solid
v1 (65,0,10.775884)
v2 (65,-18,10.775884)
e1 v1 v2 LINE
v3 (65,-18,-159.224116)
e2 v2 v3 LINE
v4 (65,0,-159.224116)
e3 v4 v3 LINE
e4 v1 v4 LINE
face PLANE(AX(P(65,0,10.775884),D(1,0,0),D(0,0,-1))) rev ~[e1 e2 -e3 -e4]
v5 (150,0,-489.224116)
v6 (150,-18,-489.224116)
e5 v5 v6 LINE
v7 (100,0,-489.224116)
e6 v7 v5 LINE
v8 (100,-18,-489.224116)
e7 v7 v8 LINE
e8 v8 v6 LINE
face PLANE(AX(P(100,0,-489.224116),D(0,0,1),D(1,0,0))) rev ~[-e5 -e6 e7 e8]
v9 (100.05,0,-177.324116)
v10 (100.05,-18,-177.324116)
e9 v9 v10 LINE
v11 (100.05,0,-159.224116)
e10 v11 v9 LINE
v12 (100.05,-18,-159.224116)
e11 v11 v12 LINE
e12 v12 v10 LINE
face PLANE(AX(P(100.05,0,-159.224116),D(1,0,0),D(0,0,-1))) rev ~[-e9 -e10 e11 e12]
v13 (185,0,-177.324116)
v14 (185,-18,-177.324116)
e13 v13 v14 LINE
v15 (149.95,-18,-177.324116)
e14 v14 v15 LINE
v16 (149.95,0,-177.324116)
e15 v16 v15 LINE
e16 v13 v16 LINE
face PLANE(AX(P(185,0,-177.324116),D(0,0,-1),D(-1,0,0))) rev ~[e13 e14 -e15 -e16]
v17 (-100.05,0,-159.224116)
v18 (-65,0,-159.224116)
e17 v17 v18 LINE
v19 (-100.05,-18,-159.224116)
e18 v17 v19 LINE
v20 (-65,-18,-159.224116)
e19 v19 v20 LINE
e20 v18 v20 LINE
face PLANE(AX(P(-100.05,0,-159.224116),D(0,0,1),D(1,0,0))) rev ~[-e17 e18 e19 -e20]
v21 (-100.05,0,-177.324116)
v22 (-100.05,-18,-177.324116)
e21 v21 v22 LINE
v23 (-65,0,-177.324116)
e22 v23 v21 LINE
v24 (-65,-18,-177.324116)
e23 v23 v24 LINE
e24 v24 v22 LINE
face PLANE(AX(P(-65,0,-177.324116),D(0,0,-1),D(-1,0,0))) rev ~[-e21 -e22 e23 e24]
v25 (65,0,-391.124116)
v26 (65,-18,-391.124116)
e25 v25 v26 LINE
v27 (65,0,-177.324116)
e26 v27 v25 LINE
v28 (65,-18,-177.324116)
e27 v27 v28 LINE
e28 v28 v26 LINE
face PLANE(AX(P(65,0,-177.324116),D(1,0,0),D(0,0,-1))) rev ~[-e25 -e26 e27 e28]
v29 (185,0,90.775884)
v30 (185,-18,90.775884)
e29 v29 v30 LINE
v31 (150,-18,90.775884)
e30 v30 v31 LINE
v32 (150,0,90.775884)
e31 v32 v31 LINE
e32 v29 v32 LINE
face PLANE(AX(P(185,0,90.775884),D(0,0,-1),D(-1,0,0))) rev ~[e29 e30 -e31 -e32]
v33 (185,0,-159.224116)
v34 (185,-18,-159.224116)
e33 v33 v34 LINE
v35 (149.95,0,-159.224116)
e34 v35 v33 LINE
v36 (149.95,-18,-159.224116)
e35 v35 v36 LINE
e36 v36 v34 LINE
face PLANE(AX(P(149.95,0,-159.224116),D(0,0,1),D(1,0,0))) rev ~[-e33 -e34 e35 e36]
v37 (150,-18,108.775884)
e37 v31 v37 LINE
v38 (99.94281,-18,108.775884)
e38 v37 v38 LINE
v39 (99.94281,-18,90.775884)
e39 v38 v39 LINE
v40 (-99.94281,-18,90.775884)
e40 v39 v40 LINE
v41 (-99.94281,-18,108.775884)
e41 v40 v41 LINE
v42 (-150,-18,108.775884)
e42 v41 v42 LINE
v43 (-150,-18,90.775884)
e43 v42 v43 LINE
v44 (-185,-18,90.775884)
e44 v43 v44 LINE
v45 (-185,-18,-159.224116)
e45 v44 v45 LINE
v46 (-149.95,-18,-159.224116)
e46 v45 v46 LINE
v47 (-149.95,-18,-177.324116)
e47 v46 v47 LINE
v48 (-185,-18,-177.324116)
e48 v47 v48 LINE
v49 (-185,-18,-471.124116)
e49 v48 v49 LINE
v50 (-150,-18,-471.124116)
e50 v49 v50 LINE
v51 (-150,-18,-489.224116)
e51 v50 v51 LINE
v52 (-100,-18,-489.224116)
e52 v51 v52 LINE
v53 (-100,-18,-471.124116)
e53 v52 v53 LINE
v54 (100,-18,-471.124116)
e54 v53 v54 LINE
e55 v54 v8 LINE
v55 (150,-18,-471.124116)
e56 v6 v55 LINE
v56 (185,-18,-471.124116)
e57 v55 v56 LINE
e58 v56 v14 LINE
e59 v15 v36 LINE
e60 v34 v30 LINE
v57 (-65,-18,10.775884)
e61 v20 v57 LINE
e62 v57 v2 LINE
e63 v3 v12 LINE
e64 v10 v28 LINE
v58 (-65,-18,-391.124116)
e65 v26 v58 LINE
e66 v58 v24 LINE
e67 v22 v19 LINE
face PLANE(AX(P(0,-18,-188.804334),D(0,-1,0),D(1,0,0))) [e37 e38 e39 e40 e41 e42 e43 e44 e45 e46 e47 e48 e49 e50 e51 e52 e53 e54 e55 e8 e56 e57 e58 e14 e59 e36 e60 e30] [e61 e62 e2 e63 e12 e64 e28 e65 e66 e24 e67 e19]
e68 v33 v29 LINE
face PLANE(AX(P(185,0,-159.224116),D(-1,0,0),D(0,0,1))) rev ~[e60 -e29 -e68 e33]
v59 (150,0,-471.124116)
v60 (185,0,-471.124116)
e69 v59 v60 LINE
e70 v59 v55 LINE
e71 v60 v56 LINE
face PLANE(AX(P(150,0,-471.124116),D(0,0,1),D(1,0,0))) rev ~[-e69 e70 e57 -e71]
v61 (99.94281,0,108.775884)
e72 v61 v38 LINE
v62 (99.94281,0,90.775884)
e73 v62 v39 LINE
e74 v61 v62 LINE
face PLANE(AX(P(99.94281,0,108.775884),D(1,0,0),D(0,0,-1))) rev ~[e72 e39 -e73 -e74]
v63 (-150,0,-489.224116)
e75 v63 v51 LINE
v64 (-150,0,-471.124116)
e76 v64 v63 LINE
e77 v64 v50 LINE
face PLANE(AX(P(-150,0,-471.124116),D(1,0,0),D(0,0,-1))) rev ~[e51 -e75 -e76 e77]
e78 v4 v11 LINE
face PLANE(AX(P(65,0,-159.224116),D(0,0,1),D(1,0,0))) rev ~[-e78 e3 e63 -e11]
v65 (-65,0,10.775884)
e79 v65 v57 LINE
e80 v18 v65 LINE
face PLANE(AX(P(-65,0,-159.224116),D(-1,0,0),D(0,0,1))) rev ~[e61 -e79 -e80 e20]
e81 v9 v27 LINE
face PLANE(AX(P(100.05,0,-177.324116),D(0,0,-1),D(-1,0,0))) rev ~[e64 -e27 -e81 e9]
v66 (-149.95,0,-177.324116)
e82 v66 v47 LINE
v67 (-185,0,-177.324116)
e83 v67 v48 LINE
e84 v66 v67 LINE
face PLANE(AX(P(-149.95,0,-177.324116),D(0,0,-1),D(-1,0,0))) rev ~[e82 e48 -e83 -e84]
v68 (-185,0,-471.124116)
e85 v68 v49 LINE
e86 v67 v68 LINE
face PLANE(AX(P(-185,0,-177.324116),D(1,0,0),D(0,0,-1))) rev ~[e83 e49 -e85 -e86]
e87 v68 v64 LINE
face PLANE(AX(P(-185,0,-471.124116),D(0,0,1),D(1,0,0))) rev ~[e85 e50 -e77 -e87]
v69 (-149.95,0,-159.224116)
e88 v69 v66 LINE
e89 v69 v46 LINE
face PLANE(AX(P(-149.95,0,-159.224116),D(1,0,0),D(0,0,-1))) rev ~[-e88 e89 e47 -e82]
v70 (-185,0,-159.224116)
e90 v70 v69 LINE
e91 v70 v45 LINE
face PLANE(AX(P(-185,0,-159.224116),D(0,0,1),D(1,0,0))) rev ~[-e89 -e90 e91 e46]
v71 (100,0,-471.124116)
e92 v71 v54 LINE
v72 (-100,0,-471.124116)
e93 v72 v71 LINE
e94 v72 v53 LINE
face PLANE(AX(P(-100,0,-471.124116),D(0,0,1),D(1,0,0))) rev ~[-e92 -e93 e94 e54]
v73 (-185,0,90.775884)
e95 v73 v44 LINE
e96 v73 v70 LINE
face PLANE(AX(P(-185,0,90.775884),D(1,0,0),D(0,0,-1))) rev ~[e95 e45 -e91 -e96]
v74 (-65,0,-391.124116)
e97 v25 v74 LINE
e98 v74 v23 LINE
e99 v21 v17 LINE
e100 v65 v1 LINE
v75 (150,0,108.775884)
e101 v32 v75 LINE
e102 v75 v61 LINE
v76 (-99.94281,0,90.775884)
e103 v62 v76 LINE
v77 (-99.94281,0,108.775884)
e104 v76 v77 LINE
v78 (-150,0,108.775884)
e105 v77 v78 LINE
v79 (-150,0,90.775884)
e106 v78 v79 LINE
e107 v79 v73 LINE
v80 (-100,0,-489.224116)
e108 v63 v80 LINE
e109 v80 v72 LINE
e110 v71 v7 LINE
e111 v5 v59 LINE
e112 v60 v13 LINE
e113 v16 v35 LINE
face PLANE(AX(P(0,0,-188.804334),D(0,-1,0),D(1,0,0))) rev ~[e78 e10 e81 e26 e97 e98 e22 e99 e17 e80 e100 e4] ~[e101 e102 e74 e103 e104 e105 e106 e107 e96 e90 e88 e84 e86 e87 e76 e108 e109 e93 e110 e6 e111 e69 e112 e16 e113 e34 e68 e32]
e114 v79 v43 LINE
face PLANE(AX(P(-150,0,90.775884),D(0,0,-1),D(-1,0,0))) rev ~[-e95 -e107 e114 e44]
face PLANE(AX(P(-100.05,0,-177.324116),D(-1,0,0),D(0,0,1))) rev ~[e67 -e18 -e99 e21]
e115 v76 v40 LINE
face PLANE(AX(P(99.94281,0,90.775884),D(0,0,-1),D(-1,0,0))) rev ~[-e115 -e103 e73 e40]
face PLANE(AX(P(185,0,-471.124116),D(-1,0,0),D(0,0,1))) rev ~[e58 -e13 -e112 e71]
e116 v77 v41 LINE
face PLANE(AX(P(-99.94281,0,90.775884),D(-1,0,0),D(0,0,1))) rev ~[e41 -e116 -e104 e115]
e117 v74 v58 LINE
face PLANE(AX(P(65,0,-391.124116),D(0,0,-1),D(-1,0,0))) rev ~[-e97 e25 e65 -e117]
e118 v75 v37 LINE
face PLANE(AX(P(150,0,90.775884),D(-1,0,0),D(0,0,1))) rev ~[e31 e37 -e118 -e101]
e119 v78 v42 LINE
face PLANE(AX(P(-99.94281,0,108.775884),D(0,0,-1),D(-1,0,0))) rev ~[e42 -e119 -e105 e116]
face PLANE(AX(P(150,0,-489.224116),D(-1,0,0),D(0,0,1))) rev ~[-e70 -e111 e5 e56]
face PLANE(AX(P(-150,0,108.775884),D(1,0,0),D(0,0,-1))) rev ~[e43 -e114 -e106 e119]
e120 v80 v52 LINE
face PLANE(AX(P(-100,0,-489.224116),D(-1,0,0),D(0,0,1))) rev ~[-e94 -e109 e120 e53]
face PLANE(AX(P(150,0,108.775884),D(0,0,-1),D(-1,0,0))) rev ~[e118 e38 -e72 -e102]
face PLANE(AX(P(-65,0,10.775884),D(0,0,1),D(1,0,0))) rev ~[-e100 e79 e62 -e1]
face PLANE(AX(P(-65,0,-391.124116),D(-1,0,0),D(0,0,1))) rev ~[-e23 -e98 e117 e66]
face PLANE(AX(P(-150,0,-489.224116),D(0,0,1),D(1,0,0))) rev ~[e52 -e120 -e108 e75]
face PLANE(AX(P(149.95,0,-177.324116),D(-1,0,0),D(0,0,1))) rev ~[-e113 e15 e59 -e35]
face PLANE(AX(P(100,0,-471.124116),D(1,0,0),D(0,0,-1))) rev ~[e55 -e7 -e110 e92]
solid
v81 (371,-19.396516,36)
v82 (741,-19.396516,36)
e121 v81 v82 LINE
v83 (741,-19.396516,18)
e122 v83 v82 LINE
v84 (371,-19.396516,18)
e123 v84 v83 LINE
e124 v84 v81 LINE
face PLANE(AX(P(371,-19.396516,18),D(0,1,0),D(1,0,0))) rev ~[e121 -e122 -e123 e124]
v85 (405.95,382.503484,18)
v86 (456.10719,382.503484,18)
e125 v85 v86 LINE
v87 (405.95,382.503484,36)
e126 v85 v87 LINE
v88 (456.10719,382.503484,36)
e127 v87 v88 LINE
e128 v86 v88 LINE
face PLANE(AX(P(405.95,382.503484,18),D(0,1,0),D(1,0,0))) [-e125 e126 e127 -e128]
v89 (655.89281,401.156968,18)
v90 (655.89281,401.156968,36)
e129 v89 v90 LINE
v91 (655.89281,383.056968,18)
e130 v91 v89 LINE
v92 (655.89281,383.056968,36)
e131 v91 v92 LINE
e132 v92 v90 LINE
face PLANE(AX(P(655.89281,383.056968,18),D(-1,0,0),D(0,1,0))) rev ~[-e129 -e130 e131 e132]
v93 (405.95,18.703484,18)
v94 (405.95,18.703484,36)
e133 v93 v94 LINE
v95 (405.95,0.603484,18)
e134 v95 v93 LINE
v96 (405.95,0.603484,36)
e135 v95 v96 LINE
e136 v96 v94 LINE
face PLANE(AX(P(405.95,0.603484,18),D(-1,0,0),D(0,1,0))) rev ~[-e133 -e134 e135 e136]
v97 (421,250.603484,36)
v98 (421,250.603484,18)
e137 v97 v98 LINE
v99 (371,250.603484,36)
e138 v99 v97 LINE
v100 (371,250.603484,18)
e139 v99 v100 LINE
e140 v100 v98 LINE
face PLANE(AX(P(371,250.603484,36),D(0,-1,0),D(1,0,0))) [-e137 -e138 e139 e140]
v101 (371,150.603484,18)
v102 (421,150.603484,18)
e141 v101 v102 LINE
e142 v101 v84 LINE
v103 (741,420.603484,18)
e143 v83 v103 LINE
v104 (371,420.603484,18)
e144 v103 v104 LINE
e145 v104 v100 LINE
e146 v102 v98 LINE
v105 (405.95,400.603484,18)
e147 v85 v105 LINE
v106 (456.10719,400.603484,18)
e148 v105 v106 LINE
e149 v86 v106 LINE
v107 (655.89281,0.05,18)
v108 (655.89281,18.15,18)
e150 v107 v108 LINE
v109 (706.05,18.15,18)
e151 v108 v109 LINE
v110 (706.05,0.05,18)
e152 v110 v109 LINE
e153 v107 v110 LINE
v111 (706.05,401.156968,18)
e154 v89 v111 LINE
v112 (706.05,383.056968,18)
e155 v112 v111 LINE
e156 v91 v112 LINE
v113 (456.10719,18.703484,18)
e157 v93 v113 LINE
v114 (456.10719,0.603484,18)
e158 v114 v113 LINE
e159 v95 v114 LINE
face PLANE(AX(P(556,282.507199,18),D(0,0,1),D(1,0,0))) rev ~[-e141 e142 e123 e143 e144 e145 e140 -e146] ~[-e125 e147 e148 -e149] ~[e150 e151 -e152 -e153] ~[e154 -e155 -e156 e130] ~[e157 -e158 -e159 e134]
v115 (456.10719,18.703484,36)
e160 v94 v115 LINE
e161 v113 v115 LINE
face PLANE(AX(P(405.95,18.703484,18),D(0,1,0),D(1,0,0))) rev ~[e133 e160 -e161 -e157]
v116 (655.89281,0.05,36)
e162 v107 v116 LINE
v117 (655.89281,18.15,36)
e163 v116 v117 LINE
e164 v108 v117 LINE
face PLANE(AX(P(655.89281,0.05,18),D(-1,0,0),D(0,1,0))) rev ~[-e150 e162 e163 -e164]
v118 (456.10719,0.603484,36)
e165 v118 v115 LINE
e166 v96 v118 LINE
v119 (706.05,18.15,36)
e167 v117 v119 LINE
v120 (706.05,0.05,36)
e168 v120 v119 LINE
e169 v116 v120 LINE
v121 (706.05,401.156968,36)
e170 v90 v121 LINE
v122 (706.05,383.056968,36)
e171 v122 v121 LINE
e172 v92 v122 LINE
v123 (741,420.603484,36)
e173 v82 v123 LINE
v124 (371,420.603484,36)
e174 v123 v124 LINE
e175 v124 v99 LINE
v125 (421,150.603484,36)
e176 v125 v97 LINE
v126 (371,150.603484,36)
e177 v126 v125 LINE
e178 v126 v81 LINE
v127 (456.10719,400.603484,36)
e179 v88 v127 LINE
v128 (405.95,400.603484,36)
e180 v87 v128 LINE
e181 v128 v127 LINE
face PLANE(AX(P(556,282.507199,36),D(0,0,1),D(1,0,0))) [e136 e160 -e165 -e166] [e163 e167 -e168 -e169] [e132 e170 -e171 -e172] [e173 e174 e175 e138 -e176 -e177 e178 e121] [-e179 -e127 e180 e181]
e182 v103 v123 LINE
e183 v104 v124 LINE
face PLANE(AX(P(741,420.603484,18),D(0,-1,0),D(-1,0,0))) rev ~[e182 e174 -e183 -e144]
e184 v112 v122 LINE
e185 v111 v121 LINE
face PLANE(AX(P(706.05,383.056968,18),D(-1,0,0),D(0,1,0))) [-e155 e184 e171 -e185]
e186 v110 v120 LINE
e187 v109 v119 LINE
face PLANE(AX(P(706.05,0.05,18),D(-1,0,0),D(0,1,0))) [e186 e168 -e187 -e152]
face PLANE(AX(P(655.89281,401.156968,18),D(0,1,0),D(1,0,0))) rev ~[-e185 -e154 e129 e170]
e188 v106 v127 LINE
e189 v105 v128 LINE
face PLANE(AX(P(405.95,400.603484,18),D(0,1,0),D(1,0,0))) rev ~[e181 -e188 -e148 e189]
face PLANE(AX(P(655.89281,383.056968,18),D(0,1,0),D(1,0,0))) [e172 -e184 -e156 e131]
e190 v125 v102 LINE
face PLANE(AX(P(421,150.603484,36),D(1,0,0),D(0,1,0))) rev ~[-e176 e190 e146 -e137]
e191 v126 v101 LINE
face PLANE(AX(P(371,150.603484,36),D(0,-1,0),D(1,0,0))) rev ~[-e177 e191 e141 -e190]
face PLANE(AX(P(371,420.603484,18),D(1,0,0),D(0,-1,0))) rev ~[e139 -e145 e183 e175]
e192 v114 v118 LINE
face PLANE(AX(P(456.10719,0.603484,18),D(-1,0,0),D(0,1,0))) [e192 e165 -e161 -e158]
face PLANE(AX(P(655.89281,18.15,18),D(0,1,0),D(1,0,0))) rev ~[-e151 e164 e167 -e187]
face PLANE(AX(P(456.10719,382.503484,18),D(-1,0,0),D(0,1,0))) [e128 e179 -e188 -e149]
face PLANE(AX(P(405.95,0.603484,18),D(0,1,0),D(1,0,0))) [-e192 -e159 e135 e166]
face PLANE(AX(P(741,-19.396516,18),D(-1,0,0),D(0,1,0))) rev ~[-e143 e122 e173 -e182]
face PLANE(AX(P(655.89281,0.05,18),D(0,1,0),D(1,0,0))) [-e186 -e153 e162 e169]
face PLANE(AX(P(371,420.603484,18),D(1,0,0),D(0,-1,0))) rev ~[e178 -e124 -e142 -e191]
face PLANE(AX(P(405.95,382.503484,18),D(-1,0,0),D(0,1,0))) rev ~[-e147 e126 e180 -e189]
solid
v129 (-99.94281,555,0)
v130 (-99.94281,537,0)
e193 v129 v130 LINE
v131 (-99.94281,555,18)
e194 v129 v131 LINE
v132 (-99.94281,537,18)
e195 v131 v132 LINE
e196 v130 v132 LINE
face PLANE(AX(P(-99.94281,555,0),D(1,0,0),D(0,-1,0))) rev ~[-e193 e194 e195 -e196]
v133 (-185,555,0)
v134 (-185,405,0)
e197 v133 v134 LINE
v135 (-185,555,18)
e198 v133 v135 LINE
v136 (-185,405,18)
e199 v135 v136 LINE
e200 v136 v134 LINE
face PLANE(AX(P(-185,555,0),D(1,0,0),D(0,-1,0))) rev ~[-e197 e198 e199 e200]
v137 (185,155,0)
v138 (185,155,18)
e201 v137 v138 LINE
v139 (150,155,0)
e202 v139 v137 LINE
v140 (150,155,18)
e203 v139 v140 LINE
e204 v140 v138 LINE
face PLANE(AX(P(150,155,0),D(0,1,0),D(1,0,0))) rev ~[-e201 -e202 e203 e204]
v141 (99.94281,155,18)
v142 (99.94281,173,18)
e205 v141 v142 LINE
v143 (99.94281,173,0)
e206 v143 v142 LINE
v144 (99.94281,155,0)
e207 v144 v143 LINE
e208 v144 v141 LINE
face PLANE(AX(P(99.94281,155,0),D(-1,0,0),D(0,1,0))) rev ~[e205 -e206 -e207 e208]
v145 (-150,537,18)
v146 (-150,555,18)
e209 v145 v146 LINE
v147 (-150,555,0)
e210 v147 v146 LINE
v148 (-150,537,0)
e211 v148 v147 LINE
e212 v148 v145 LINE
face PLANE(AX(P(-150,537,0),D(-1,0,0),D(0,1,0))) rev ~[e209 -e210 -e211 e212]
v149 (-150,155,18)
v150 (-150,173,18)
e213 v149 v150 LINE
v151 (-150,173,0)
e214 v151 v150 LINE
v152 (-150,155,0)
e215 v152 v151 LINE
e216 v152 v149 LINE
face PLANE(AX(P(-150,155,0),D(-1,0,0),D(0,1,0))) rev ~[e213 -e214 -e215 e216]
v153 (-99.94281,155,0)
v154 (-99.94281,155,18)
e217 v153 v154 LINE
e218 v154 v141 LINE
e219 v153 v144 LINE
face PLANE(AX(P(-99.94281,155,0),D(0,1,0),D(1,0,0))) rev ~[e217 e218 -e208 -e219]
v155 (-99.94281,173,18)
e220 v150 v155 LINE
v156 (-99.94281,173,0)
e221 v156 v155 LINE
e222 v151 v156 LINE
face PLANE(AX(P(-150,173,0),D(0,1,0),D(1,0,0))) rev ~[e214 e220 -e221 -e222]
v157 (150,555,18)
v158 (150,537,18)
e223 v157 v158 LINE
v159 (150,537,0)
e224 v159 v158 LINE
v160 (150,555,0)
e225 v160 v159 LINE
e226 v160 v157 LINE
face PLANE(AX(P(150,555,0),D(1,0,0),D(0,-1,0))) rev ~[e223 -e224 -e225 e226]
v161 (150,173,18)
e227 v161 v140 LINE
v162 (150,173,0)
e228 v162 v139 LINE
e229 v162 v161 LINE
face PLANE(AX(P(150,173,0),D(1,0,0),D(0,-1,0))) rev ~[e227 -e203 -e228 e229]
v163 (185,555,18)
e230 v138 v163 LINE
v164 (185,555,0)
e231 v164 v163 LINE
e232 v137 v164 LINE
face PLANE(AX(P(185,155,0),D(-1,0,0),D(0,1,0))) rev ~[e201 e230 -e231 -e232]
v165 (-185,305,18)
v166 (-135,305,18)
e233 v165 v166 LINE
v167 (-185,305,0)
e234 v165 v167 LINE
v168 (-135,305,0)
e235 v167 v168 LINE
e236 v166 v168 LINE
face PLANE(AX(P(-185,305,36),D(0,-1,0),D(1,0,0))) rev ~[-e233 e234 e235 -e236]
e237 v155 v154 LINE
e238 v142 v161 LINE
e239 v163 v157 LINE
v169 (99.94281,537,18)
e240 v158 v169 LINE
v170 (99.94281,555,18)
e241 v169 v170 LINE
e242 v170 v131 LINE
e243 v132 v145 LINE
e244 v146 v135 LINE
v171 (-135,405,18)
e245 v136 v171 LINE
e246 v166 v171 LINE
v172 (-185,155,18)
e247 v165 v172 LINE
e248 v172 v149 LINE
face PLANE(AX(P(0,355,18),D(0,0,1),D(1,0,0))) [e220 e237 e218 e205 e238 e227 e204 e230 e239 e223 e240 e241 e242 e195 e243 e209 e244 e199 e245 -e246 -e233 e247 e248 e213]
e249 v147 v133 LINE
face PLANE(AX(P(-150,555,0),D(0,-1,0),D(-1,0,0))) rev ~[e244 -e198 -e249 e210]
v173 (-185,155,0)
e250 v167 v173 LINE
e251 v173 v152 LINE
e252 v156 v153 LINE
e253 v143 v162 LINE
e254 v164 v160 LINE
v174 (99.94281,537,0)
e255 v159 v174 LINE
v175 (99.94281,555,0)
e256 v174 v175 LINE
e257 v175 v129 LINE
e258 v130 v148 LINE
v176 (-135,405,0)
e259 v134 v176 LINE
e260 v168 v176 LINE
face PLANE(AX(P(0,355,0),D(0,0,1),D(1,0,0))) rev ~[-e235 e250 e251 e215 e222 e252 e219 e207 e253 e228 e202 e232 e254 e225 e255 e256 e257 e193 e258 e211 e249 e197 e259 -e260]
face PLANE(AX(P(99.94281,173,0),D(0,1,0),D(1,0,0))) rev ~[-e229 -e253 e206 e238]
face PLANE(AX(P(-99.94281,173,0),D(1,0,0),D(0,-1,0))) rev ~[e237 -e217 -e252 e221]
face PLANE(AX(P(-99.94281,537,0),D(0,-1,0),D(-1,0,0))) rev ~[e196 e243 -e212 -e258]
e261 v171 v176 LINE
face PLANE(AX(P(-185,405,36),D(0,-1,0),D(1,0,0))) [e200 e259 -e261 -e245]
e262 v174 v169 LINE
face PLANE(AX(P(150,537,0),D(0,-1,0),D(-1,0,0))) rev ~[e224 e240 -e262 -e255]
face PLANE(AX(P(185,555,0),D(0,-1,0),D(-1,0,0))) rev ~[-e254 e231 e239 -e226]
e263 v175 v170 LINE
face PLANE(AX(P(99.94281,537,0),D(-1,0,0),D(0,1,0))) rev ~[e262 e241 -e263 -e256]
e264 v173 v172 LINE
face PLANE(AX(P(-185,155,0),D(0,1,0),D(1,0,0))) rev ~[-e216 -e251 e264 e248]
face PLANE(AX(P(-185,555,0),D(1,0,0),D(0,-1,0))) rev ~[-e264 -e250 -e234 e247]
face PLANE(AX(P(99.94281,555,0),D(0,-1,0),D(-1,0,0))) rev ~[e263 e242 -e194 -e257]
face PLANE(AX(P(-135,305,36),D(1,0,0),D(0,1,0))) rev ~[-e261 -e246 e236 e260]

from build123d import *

# Parameters (mm, degrees)
F2_DEPTH = 18
F3_DEPTH = 18
F5_W     = 50.15719
F5_H     = 18.1
F6_DEPTH = 18
F8_W     = 50
F8_H     = 100
F9_DEPTH = 45


with BuildPart() as f2:
    # F1 (on Top) → F2 (new body)
    with BuildSketch(Plane.XY):
        Polygon((-185, 0), (-150, 0), (-150, 18), (-99.94281, 18), (-99.94281, 0), (99.94281, 0), (99.94281, 18), (150, 18), (150, 0), (185, 0), (185, 200), (185, 400), (150, 400), (150, 382), (99.94281, 382), (99.94281, 400), (-99.94281, 400), (-99.94281, 382), (-150, 382), (-150, 400), (-185, 400), (-185, 200), align=None)
    extrude(amount=F2_DEPTH)


with BuildPart() as f3:
    # F0 (on Front) → F3 (new body)
    with BuildSketch(Plane.XZ):
        Polygon((-150, -471.124116), (-150, -489.224116), (-125, -489.224116), (-100, -489.224116), (-100, -471.124116), (-65, -471.124116), (0, -471.124116), (65, -471.124116), (100, -471.124116), (100, -489.224116), (125, -489.224116), (150, -489.224116), (150, -471.124116), (185, -471.124116), (185, -177.324116), (150, -177.324116), (149.95, -177.324116), (149.95, -159.224116), (150, -159.224116), (185, -159.224116), (185, 90.775884), (150, 90.775884), (150, 108.775884), (99.94281, 108.775884), (99.94281, 90.775884), (65, 90.775884), (0, 90.775884), (-65, 90.775884), (-99.94281, 90.775884), (-99.94281, 108.775884), (-150, 108.775884), (-150, 90.775884), (-185, 90.775884), (-185, -159.224116), (-150, -159.224116), (-149.95, -159.224116), (-149.95, -177.324116), (-150, -177.324116), (-185, -177.324116), (-185, -471.124116), align=None)
        Polygon((-100, -159.224116), (-65, -159.224116), (-65, 10.775884), (0, 10.775884), (65, 10.775884), (65, -159.224116), (100, -159.224116), (100.05, -159.224116), (100.05, -177.324116), (100, -177.324116), (65, -177.324116), (65, -391.124116), (0, -391.124116), (-65, -391.124116), (-65, -177.324116), (-100, -177.324116), (-100.05, -177.324116), (-100.05, -159.224116), align=None, mode=Mode.SUBTRACT)
    extrude(amount=F3_DEPTH)


with BuildPart() as f2_1:
    # F4: moved
    add(f2.part.moved(Location((0, 155, 0))))


with BuildPart() as f6:
    # F5 (on face) → F6 (new body)
    with BuildSketch(Plane.XY.offset(18)):
        Polygon((150, 155), (185, 155), (185, 200.603484), (185, 246.206968), (185, 420.603484), (-185, 420.603484), (-185, 200.603484), (-185, 155), (-150, 155), (-150, 173), (-99.94281, 173), (-99.94281, 155), (99.94281, 155), (99.94281, 173), (150, 173), align=None)
        with Locations((-124.971405, 391.553484)):
            Rectangle(F5_W, F5_H, mode=Mode.SUBTRACT)
        with Locations((124.971405, 392.106968)):
            Rectangle(F5_W, F5_H, mode=Mode.SUBTRACT)
        Polygon((185, -19.396516), (185, 155), (150, 155), (150, 173), (99.94281, 173), (99.94281, 155), (-99.94281, 155), (-99.94281, 173), (-150, 173), (-150, 155), (-185, 155), (-185, -19.396516), align=None)
        with Locations((-124.971405, 9.653484)):
            Rectangle(F5_W, F5_H, mode=Mode.SUBTRACT)
        with Locations((124.971405, 9.1)):
            Rectangle(F5_W, F5_H, mode=Mode.SUBTRACT)
    extrude(amount=F6_DEPTH)


with BuildPart() as f6_1:
    # F7: moved
    add(f6.part.moved(Location((556, 0, 0))))


with BuildPart() as f9_tool:
    # F8 (on face) → F9 (new body)
    with BuildSketch(Plane.XY.offset(36)):
        with Locations((-160, 355)):
            Rectangle(F8_W, F8_H)
        with Locations((396, 200.603484)):
            Rectangle(F8_W, F8_H)
    extrude(amount=-F9_DEPTH)


with BuildPart() as f2_2:
    add(f2_1.part)

    # F9: cut by f9_tool
    add(f9_tool.part, mode=Mode.SUBTRACT)


with BuildPart() as f6_2:
    add(f6_1.part)

    # F9: cut by f9_tool
    add(f9_tool.part, mode=Mode.SUBTRACT)


solid = Compound([f3.part, f2_2.part, f6_2.part])
